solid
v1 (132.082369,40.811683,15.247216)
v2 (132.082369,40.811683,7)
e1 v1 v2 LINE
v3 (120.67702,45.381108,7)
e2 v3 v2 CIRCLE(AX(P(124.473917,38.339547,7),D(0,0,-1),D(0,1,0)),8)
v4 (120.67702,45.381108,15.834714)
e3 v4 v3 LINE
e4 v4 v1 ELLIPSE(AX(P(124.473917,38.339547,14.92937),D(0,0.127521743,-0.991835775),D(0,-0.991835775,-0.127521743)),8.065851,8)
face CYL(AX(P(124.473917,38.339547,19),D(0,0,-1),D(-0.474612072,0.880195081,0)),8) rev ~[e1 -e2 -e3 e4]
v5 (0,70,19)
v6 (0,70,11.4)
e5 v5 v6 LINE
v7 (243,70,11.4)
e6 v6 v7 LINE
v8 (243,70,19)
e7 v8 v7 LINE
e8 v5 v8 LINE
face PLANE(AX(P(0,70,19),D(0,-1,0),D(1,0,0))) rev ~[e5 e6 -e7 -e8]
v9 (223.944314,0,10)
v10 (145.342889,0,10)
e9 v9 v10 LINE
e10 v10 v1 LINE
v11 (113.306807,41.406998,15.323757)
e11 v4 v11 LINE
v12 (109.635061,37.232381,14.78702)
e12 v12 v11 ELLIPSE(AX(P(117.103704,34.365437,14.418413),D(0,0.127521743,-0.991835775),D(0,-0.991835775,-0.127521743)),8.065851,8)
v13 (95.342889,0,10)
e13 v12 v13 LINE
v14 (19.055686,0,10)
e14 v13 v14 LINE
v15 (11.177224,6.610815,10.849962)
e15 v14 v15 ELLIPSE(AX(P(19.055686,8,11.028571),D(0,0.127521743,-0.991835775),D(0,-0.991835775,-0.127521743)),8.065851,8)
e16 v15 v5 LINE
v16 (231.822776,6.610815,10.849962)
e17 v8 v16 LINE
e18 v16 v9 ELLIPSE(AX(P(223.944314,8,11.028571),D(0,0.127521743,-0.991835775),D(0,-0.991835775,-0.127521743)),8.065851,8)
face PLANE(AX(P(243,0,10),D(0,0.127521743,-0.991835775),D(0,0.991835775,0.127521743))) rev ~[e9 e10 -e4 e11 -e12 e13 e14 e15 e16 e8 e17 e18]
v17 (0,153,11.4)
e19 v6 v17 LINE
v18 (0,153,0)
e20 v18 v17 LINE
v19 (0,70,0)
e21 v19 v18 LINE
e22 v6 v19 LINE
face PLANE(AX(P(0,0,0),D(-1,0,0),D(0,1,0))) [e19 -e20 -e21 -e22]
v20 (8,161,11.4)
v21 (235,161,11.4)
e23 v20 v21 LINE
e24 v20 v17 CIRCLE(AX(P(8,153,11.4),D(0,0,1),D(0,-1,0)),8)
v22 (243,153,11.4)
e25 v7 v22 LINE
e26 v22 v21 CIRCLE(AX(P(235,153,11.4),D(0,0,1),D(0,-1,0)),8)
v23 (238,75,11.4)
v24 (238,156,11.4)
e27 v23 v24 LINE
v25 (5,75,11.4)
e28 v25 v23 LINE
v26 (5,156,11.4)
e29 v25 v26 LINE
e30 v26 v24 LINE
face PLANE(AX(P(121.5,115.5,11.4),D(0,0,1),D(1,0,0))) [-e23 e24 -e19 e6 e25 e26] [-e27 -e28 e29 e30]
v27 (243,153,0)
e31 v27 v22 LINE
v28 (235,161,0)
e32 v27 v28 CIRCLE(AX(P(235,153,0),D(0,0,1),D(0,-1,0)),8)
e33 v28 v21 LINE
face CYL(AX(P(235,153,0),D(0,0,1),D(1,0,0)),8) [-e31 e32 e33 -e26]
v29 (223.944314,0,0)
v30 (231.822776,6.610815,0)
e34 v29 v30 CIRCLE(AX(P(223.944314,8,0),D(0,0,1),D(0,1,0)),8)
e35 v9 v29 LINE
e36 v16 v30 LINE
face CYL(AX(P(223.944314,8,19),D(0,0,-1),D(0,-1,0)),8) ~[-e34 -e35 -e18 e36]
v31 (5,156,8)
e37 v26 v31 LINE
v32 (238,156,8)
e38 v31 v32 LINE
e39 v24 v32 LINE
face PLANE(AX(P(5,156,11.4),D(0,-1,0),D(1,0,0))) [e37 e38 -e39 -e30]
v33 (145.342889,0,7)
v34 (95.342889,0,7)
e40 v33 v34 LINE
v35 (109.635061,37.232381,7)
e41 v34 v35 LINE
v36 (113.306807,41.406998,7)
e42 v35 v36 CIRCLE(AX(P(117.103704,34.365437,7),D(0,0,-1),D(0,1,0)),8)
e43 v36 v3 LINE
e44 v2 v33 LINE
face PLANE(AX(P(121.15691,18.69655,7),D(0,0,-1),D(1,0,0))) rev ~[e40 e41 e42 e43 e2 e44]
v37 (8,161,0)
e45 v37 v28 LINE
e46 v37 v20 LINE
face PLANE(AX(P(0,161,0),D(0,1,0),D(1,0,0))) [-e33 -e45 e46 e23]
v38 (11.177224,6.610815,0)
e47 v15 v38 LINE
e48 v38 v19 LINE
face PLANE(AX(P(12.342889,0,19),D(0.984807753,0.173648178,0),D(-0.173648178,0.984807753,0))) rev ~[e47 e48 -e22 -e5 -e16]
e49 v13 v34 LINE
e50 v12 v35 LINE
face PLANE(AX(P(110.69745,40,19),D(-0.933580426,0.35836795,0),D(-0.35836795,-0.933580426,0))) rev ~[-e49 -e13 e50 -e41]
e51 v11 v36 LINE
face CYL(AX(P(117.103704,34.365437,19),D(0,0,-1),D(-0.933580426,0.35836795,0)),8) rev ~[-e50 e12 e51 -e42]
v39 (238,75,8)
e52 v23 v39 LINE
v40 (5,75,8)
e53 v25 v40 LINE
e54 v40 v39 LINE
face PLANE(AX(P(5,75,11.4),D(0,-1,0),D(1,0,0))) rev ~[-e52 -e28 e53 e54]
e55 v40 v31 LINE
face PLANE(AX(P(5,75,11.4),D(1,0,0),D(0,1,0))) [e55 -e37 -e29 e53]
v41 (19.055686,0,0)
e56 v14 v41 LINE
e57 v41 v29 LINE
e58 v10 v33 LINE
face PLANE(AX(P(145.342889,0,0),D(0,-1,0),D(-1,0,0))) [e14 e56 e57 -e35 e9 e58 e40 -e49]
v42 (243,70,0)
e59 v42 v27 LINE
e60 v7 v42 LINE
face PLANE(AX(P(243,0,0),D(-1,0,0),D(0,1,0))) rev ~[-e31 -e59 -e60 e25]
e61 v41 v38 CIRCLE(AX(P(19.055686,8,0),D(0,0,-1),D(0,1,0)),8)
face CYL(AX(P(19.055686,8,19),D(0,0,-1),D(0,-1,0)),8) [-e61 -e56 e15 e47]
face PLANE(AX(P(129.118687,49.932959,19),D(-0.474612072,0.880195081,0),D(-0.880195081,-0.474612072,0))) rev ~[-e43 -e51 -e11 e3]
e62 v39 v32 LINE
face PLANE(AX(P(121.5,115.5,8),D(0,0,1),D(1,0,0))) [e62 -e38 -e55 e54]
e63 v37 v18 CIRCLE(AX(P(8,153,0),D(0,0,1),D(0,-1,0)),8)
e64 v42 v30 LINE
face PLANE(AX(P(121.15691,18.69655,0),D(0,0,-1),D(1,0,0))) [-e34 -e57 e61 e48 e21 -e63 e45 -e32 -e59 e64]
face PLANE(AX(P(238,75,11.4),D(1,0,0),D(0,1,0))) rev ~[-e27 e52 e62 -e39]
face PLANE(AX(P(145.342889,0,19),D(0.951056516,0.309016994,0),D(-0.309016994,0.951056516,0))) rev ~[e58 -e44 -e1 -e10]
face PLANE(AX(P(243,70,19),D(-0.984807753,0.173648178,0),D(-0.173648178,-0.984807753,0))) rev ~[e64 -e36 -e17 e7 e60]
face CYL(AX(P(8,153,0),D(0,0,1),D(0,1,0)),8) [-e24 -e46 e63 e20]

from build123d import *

# Parameters (mm, degrees)
F0_W      = 243
F0_H      = 161
F1_DEPTH  = 19
F2_W      = 243
F2_H      = 91
F3_DEPTH  = 7.6
F4_W      = 233
F4_H      = 81
F5_DEPTH  = 3.4
F7_DEPTH  = 19
F9_DEPTH  = 7
F10_R     = 8
F12_DEPTH = 243


with BuildPart() as f1:
    # F0 (on Top) → F1 (new body)
    with BuildSketch(Plane.XY):
        with Locations((121.5, 80.5)):
            Rectangle(F0_W, F0_H)
    extrude(amount=F1_DEPTH)

    # F2 (on face) → F3 (cut)
    with BuildSketch(Plane.XY.offset(19)):
        with Locations((121.5, 115.5)):
            Rectangle(F2_W, F2_H)
    extrude(amount=-F3_DEPTH, mode=Mode.SUBTRACT)

    # F4 (on face) → F5 (cut)
    with BuildSketch(Plane.XY.offset(11.4)):
        with Locations((121.5, 115.5)):
            Rectangle(F4_W, F4_H)
    extrude(amount=-F5_DEPTH, mode=Mode.SUBTRACT)

    # F6 (on face) → F7 (cut, through all)
    with BuildSketch(Plane.XY.offset(19)):
        Polygon((12.3428886496, 0), (0, 70), (0, 0), align=None)
        Polygon((110.697450051, 40), (95.3428886496, 0), (145.3428886496, 0), (129.1186868819, 49.9329586842), align=None)
        Polygon((243, 70), (230.6571113504, 0), (243, 0), align=None)
    extrude(amount=-F7_DEPTH, mode=Mode.SUBTRACT)

    # F8 (on face) → F9 (join)
    with BuildSketch(Plane(origin=(0, 0, 0), x_dir=(1, 0, 0), z_dir=(0, 0, -1))):
        Polygon((145.3428886496, 0), (95.3428886496, 0), (110.697450051, -40), (129.1186868819, -49.9329586842), align=None)
    extrude(amount=-F9_DEPTH)

    # F10
    f10_edges = [f1.edges().sort_by_distance(p)[0] for p in [
        (0, 161, 5.7),
        (243, 161, 5.7),
        (230.657111, 0, 9.5),
        (12.342889, 0, 9.5),
        (110.69745, 40, 13),
        (129.118687, 49.932959, 13),
    ]]
    fillet(f10_edges, radius=F10_R)

    # F11 (on face) → F12 (cut, through all)
    with BuildSketch(Plane.YZ.offset(243)):
        Polygon((0, 19), (0, 10), (70, 19), align=None)
    extrude(amount=-F12_DEPTH, mode=Mode.SUBTRACT)


solid = f1.part
